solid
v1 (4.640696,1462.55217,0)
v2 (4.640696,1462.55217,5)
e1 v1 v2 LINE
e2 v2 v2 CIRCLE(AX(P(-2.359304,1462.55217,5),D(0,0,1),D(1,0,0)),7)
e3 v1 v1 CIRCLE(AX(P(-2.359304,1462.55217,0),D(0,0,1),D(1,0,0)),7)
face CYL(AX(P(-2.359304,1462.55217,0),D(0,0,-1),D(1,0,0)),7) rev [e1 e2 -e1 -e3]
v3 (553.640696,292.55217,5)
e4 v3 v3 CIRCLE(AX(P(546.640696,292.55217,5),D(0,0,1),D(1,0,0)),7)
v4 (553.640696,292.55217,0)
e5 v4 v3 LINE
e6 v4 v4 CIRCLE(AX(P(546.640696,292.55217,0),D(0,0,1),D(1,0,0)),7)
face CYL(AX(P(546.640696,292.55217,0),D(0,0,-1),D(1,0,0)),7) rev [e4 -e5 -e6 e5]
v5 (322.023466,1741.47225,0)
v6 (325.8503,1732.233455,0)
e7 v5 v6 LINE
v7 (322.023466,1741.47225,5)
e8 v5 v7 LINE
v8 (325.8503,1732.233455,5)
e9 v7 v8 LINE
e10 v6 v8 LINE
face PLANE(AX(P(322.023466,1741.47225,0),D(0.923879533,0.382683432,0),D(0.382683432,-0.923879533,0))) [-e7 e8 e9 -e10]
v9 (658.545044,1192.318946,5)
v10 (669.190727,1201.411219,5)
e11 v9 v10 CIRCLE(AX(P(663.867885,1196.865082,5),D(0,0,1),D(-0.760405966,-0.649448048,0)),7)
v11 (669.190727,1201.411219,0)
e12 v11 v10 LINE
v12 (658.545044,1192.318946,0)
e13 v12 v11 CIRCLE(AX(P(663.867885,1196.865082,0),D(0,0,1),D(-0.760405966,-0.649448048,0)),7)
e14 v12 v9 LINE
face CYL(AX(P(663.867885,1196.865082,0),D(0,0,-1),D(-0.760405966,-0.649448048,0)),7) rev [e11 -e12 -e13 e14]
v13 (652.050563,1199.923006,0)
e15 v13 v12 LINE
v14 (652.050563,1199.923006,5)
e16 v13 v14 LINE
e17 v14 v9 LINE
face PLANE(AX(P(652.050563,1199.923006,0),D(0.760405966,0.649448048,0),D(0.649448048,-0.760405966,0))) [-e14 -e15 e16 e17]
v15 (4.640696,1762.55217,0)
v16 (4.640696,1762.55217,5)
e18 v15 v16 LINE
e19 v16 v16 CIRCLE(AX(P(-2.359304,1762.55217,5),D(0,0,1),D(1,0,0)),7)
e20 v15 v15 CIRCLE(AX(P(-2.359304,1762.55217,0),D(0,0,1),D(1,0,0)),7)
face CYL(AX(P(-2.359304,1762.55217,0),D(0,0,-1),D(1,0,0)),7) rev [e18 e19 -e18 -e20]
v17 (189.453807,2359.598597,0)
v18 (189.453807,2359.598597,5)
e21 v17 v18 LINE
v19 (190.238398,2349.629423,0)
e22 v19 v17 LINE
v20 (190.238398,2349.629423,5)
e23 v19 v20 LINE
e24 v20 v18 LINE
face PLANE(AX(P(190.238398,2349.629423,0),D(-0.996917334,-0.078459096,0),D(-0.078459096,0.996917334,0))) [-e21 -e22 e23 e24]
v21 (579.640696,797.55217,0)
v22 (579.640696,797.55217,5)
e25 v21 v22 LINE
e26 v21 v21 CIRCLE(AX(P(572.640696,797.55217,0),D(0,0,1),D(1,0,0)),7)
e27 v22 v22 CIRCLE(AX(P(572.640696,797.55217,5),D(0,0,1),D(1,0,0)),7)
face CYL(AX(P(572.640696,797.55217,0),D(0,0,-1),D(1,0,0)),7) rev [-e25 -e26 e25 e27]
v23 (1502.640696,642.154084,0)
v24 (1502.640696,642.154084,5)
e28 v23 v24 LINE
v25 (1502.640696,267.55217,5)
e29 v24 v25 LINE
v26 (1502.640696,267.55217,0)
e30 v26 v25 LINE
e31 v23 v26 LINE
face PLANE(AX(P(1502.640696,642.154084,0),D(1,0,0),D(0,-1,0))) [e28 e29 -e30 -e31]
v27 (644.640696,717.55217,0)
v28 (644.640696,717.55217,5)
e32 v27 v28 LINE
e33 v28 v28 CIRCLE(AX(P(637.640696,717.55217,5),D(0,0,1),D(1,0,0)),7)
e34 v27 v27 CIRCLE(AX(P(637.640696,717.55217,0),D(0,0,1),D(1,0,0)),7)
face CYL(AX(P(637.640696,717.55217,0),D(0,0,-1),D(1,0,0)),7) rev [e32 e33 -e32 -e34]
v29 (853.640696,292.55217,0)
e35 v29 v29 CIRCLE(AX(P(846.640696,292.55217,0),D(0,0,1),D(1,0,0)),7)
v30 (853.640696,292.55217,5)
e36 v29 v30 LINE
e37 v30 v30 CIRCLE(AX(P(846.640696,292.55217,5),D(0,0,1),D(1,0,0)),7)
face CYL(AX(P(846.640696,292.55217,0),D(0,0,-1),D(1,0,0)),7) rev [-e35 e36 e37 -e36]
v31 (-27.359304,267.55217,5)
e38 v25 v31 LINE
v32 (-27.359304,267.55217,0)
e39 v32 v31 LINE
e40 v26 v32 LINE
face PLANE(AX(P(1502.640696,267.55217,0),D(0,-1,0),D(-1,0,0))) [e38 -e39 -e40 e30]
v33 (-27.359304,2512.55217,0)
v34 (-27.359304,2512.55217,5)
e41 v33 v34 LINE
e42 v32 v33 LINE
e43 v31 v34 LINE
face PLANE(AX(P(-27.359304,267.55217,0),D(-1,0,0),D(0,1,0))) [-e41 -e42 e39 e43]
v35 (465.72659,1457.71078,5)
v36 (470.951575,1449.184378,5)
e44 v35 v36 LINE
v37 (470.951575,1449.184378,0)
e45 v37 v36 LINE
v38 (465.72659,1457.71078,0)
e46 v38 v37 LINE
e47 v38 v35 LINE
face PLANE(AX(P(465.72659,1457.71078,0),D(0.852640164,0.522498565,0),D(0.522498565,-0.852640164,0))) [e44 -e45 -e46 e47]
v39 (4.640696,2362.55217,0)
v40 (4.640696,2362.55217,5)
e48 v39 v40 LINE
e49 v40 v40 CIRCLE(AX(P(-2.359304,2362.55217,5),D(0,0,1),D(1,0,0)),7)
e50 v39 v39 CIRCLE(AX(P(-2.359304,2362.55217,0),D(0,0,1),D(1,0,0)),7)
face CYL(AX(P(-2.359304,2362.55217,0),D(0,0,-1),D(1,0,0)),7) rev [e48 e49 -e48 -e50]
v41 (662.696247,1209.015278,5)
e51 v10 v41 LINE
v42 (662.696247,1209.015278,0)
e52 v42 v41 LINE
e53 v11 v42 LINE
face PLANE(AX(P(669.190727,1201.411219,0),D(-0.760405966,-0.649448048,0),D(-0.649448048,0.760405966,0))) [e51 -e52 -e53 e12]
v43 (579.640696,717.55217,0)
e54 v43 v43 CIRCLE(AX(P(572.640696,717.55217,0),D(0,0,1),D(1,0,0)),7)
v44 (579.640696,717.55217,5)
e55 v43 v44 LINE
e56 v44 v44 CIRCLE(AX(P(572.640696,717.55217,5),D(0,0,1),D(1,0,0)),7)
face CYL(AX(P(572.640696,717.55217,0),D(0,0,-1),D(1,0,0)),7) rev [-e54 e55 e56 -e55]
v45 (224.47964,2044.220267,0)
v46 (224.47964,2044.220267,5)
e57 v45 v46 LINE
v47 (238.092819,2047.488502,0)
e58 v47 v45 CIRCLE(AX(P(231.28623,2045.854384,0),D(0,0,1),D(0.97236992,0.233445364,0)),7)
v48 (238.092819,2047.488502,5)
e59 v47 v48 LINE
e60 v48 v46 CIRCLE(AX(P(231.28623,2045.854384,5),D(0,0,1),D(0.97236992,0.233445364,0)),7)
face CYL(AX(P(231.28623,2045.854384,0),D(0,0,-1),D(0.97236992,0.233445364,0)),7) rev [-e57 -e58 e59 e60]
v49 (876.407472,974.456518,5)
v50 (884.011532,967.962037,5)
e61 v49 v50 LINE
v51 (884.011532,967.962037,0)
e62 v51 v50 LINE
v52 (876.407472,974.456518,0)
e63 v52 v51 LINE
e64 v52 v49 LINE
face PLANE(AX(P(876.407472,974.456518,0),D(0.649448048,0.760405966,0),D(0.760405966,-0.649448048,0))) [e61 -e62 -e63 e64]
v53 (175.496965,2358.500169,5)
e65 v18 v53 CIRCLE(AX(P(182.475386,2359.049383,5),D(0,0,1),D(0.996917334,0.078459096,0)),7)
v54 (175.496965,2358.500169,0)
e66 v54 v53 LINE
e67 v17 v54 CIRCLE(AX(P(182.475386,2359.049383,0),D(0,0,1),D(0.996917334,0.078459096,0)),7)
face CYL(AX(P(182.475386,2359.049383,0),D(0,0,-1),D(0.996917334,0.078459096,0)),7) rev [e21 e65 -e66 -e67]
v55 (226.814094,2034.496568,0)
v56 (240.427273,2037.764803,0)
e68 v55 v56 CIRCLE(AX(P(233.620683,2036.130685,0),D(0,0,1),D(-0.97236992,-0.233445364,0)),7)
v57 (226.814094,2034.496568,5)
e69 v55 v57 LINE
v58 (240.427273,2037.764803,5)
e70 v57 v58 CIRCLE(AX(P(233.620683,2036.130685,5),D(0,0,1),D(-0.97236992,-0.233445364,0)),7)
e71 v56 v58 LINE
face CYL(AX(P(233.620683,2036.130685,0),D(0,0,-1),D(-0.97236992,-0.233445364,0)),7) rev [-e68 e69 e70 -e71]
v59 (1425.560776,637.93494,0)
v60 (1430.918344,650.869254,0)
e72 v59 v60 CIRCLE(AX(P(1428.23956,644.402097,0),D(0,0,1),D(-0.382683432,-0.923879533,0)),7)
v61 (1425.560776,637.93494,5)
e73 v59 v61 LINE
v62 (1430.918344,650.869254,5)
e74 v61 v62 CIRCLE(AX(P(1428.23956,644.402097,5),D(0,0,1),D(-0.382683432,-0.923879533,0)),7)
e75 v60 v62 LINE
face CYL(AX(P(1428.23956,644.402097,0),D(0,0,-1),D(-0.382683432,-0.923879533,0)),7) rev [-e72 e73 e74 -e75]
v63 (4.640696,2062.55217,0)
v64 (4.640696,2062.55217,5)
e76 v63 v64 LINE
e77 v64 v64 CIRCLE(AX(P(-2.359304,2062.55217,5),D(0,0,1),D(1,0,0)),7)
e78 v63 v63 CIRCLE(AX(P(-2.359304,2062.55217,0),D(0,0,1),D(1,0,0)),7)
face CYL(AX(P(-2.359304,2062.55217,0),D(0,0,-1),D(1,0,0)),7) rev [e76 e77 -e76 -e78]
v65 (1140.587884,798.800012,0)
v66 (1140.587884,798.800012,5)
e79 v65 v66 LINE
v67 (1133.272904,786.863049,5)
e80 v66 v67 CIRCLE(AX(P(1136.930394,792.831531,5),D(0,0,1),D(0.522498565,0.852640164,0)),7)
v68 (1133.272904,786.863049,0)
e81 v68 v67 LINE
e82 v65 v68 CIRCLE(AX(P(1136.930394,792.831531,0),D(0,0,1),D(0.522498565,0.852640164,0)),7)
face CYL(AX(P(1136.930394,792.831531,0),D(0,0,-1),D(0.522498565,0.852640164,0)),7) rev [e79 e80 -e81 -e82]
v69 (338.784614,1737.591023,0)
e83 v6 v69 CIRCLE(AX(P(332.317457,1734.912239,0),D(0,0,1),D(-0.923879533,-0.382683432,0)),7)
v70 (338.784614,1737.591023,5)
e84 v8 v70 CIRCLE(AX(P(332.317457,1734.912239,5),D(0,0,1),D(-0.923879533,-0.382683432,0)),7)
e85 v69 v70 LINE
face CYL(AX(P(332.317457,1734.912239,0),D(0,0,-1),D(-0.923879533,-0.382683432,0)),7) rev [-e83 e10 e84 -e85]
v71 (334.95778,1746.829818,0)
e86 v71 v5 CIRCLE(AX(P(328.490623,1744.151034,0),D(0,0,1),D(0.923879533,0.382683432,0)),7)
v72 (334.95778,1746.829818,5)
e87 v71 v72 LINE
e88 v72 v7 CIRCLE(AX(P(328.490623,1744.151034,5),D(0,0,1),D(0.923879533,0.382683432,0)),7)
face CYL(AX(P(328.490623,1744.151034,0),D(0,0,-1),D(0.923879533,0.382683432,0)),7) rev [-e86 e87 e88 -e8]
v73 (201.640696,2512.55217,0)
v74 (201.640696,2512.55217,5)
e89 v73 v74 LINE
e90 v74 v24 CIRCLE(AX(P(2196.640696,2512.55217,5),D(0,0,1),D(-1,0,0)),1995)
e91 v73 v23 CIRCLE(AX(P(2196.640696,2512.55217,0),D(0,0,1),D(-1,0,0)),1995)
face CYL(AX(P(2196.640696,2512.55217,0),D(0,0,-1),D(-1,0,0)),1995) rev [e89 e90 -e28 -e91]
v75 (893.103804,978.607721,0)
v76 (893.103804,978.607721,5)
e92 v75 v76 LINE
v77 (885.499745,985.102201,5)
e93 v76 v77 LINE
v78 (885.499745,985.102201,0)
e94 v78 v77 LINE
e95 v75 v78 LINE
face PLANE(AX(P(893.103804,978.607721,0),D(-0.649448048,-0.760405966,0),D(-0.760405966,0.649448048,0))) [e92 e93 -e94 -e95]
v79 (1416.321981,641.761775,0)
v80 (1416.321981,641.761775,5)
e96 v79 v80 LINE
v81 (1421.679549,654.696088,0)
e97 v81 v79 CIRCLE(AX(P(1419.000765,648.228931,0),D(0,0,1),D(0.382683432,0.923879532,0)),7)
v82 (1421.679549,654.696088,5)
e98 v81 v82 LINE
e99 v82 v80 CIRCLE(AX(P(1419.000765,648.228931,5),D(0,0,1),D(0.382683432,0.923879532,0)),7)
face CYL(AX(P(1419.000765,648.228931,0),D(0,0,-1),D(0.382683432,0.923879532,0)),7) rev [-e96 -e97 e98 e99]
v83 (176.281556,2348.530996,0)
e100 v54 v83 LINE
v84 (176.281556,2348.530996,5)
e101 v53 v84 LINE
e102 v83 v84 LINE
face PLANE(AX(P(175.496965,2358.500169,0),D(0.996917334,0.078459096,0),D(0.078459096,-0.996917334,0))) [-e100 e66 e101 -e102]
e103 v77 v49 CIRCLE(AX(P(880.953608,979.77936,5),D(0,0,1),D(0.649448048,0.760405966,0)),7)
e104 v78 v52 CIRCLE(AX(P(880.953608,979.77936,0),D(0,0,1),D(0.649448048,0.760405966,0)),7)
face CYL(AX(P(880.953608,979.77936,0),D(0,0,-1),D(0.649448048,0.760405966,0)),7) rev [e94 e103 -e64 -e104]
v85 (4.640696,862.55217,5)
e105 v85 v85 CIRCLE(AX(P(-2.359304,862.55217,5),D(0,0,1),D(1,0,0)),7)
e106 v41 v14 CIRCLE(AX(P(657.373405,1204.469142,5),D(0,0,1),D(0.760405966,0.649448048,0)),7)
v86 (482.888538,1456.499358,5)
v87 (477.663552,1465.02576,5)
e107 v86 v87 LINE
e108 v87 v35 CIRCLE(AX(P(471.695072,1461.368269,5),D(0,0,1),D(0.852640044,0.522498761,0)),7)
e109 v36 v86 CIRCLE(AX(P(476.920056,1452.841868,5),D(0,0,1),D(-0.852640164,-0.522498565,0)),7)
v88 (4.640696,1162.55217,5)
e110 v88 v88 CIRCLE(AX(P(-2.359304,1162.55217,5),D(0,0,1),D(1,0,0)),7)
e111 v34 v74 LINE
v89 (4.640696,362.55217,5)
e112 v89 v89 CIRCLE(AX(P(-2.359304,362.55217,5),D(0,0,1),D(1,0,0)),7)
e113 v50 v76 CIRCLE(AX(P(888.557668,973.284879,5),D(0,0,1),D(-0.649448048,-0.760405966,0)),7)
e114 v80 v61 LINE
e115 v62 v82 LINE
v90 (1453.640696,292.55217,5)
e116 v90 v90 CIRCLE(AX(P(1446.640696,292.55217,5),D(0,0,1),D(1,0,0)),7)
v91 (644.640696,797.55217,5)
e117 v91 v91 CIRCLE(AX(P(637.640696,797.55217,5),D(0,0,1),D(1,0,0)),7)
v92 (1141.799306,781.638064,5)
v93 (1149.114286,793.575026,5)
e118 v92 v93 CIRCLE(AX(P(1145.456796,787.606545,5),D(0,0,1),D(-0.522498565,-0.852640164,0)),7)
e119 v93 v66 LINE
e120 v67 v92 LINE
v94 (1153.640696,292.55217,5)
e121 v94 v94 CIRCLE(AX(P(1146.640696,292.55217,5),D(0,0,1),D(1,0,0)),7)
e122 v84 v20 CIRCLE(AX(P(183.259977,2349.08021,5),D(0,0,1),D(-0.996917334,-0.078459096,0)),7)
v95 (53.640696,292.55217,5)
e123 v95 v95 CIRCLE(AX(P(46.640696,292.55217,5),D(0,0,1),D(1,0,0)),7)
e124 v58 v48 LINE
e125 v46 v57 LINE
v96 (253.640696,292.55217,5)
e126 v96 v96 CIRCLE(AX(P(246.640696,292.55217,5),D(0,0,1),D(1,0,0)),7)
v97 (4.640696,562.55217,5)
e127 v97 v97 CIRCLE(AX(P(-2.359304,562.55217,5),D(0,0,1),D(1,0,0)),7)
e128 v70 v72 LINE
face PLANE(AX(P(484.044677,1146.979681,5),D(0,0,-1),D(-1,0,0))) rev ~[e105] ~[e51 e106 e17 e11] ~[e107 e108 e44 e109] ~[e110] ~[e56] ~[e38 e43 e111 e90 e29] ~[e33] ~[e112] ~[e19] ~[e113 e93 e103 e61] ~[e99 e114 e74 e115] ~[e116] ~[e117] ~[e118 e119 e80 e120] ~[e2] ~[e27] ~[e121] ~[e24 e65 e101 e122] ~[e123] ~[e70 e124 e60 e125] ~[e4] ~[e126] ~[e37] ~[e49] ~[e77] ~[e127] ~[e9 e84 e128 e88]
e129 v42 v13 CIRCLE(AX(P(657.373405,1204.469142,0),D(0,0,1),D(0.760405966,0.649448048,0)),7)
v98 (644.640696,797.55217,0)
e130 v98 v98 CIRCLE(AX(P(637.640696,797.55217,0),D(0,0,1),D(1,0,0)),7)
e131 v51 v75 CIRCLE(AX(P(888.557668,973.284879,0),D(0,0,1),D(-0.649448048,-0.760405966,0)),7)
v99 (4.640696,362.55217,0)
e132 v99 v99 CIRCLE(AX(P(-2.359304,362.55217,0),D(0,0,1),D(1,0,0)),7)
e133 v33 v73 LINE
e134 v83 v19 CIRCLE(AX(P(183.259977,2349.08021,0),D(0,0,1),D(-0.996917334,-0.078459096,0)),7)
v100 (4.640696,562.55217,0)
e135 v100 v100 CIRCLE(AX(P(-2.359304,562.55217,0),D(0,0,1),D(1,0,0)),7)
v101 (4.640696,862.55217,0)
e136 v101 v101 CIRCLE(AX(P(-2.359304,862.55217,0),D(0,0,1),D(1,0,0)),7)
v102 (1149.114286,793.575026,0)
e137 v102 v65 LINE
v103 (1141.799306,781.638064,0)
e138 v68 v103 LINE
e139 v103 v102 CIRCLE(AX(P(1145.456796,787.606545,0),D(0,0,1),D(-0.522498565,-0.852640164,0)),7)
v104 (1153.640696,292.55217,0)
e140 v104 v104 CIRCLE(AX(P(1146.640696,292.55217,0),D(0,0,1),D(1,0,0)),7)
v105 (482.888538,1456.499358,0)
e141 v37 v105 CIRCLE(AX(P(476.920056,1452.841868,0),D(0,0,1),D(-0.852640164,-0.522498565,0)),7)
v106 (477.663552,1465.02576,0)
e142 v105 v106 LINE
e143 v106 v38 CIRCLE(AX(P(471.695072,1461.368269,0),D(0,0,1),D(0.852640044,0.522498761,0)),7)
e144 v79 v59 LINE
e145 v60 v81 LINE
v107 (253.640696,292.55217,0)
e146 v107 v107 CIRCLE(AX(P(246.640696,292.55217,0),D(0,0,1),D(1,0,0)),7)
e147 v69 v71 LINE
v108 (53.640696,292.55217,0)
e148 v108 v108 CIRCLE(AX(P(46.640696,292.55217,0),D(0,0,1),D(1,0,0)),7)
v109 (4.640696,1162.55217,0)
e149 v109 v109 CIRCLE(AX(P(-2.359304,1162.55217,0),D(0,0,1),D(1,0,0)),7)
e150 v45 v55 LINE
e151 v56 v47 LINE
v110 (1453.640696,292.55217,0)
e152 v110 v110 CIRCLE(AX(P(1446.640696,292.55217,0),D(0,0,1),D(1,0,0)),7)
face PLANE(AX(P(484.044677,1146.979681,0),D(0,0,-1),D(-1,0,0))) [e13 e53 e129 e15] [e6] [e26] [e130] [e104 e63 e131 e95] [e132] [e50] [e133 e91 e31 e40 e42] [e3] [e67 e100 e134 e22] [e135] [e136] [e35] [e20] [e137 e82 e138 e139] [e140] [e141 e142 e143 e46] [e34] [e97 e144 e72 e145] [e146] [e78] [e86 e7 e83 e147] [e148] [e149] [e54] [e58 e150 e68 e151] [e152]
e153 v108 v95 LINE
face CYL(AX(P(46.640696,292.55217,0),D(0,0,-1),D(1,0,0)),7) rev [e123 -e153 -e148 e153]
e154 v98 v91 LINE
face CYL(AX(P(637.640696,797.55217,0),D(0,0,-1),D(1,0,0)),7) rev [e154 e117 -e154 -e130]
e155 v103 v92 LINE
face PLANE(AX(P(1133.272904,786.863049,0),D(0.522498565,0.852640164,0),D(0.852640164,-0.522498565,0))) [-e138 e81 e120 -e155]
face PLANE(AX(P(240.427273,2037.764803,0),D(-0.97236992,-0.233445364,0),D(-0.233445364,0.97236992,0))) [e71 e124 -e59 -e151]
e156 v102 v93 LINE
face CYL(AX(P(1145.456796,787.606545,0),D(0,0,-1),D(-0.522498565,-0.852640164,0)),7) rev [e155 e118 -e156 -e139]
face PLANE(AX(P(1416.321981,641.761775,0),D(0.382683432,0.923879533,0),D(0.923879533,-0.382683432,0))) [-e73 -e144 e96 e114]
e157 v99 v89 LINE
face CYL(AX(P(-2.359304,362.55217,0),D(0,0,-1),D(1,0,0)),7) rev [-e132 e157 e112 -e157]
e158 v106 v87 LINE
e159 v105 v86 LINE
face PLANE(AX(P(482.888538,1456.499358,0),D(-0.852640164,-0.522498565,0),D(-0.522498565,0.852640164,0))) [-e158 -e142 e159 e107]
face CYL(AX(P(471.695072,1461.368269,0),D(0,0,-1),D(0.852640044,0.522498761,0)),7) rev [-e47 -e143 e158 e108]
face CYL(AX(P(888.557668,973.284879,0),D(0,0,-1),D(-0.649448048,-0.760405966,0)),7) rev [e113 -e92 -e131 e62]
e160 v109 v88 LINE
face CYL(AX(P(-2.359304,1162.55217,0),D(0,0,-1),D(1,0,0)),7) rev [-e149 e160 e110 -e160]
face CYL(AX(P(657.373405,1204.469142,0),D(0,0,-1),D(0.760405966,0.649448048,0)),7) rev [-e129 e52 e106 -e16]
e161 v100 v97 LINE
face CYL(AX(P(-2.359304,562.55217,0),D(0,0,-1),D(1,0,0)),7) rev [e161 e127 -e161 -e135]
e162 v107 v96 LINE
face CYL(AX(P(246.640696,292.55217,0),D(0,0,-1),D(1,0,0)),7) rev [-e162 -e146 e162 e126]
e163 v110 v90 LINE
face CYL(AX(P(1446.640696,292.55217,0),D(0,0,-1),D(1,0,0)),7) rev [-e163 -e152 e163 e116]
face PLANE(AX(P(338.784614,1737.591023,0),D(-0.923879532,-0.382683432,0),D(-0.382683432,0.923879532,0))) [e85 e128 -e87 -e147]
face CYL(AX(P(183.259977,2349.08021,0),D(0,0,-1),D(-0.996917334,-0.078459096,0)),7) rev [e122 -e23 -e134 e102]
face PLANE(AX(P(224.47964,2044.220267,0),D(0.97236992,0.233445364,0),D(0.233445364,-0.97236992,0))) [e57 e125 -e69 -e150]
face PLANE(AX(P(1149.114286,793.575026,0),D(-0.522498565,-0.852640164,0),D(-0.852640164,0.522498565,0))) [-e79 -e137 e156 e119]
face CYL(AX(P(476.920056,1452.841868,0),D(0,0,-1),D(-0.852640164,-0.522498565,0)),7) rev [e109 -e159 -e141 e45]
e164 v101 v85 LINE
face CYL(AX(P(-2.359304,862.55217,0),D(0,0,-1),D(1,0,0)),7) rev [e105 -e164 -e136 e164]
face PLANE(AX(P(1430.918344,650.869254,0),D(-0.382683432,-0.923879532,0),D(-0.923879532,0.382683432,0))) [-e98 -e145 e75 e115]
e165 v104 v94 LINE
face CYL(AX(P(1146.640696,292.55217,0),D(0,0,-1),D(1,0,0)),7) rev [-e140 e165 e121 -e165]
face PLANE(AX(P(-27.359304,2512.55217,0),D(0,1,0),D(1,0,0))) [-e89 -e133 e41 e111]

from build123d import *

# Parameters (mm, degrees)
SKETCH1_R           = 7
BOSS_EXTRUDE1_DEPTH = 5


with BuildPart() as part:
    # Sketch1 → Boss-Extrude1 (new body)
    with BuildSketch(Plane.XY):
        with BuildLine():
            Line((1502.640695659, 642.154083815), (1502.640695659, 267.552169785))
            Line((1502.640695659, 267.552169785), (-27.359304341, 267.552169785))
            Line((-27.359304341, 267.552169785), (-27.359304341, 2512.552169785))
            Line((-27.359304341, 2512.552169785), (201.640695659, 2512.552169785))
            ThreePointArc((201.640695659, 2512.552169785), (558.874686731, 1373.364959534), (1502.640695659, 642.154083815))
        make_face()
        with Locations((1446.640695659, 292.552169785)):
            Circle(SKETCH1_R, mode=Mode.SUBTRACT)
        with Locations((1146.640695659, 292.552169785)):
            Circle(SKETCH1_R, mode=Mode.SUBTRACT)
        with Locations((846.640695659, 292.552169785)):
            Circle(SKETCH1_R, mode=Mode.SUBTRACT)
        with Locations((546.640695659, 292.552169785)):
            Circle(SKETCH1_R, mode=Mode.SUBTRACT)
        with Locations((246.640695659, 292.552169785)):
            Circle(SKETCH1_R, mode=Mode.SUBTRACT)
        with Locations((46.640695659, 292.552169785)):
            Circle(SKETCH1_R, mode=Mode.SUBTRACT)
        with Locations((-2.359304341, 362.552169785)):
            Circle(SKETCH1_R, mode=Mode.SUBTRACT)
        with Locations((-2.359304341, 562.552169785)):
            Circle(SKETCH1_R, mode=Mode.SUBTRACT)
        with Locations((-2.359304341, 862.552169785)):
            Circle(SKETCH1_R, mode=Mode.SUBTRACT)
        with Locations((-2.359304341, 1162.552169785)):
            Circle(SKETCH1_R, mode=Mode.SUBTRACT)
        with Locations((-2.359304341, 1462.552169785)):
            Circle(SKETCH1_R, mode=Mode.SUBTRACT)
        with Locations((-2.359304341, 1762.552169785)):
            Circle(SKETCH1_R, mode=Mode.SUBTRACT)
        with Locations((-2.359304341, 2062.552169785)):
            Circle(SKETCH1_R, mode=Mode.SUBTRACT)
        with Locations((-2.359304341, 2362.552169785)):
            Circle(SKETCH1_R, mode=Mode.SUBTRACT)
        with Locations((572.640695659, 717.552169785)):
            Circle(SKETCH1_R, mode=Mode.SUBTRACT)
        with Locations((637.640695659, 717.552169785)):
            Circle(SKETCH1_R, mode=Mode.SUBTRACT)
        with Locations((572.640695659, 797.552169785)):
            Circle(SKETCH1_R, mode=Mode.SUBTRACT)
        with Locations((637.640695659, 797.552169785)):
            Circle(SKETCH1_R, mode=Mode.SUBTRACT)
        with BuildLine():
            Line((190.238398333, 2349.629423417), (189.453807376, 2359.598596754))
            ThreePointArc((189.453807376, 2359.598596754), (181.926172369, 2366.02780442), (175.496964703, 2358.500169414))
            Line((175.496964703, 2358.500169414), (176.281555661, 2348.530996076))
            ThreePointArc((176.281555661, 2348.530996076), (183.809190667, 2342.10178841), (190.238398333, 2349.629423417))
        make_face(mode=Mode.SUBTRACT)
        with BuildLine():
            Line((240.427272718, 2037.764802741), (238.092819079, 2047.488501945))
            ThreePointArc((238.092819079, 2047.488501945), (229.652112089, 2052.660973841), (224.479640194, 2044.220266851))
            Line((224.479640194, 2044.220266851), (226.814093832, 2034.496567648))
            ThreePointArc((226.814093832, 2034.496567648), (235.254800822, 2029.324095752), (240.427272718, 2037.764802741))
        make_face(mode=Mode.SUBTRACT)
        with BuildLine():
            Line((338.784613876, 1737.591022772), (334.957779552, 1746.829818097))
            ThreePointArc((334.957779552, 1746.829818097), (325.811838798, 1750.618190798), (322.023466097, 1741.472250044))
            Line((322.023466097, 1741.472250044), (325.85030042, 1732.233454719))
            ThreePointArc((325.85030042, 1732.233454719), (334.996241175, 1728.445082018), (338.784613876, 1737.591022772))
        make_face(mode=Mode.SUBTRACT)
        with BuildLine():
            Line((482.888537638, 1456.49935819), (477.663551991, 1465.025759834))
            ThreePointArc((477.663551991, 1465.025759834), (468.037581727, 1467.33674966), (465.72658969, 1457.710779928))
            Line((465.72658969, 1457.710779928), (470.951575337, 1449.184378284))
            ThreePointArc((470.951575337, 1449.184378284), (480.57754644, 1446.873387087), (482.888537638, 1456.49935819))
        make_face(mode=Mode.SUBTRACT)
        with BuildLine():
            Line((669.190727148, 1201.411218669), (662.696246664, 1209.015278325))
            ThreePointArc((662.696246664, 1209.015278325), (652.827268567, 1209.791983746), (652.050563146, 1199.923005648))
            Line((652.050563146, 1199.923005648), (658.545043629, 1192.318945992))
            ThreePointArc((658.545043629, 1192.318945992), (668.414021727, 1191.542240571), (669.190727148, 1201.411218669))
        make_face(mode=Mode.SUBTRACT)
        with BuildLine():
            Line((893.103804198, 978.607720791), (885.499744542, 985.102201274))
            ThreePointArc((885.499744542, 985.102201274), (875.630766445, 984.325495853), (876.407471866, 974.456517756))
            Line((876.407471866, 974.456517756), (884.011531522, 967.962037273))
            ThreePointArc((884.011531522, 967.962037273), (893.880509619, 968.738742693), (893.103804198, 978.607720791))
        make_face(mode=Mode.SUBTRACT)
        with BuildLine():
            Line((1149.114285708, 793.575026117), (1140.587884064, 798.800011764))
            ThreePointArc((1140.587884064, 798.800011764), (1130.961912961, 796.489020567), (1133.272904158, 786.863049463))
            Line((1133.272904158, 786.863049463), (1141.799305802, 781.638063816))
            ThreePointArc((1141.799305802, 781.638063816), (1151.425276905, 783.949055014), (1149.114285708, 793.575026117))
        make_face(mode=Mode.SUBTRACT)
        with BuildLine():
            Line((1430.918343971, 650.869253678), (1421.679548646, 654.696088002))
            ThreePointArc((1421.679548646, 654.696088002), (1412.533607891, 650.907715301), (1416.321980592, 641.761774547))
            Line((1416.321980592, 641.761774547), (1425.560775918, 637.934940223))
            ThreePointArc((1425.560775918, 637.934940223), (1434.706716672, 641.723312924), (1430.918343971, 650.869253678))
        make_face(mode=Mode.SUBTRACT)
    extrude(amount=BOSS_EXTRUDE1_DEPTH)


solid = part.part
